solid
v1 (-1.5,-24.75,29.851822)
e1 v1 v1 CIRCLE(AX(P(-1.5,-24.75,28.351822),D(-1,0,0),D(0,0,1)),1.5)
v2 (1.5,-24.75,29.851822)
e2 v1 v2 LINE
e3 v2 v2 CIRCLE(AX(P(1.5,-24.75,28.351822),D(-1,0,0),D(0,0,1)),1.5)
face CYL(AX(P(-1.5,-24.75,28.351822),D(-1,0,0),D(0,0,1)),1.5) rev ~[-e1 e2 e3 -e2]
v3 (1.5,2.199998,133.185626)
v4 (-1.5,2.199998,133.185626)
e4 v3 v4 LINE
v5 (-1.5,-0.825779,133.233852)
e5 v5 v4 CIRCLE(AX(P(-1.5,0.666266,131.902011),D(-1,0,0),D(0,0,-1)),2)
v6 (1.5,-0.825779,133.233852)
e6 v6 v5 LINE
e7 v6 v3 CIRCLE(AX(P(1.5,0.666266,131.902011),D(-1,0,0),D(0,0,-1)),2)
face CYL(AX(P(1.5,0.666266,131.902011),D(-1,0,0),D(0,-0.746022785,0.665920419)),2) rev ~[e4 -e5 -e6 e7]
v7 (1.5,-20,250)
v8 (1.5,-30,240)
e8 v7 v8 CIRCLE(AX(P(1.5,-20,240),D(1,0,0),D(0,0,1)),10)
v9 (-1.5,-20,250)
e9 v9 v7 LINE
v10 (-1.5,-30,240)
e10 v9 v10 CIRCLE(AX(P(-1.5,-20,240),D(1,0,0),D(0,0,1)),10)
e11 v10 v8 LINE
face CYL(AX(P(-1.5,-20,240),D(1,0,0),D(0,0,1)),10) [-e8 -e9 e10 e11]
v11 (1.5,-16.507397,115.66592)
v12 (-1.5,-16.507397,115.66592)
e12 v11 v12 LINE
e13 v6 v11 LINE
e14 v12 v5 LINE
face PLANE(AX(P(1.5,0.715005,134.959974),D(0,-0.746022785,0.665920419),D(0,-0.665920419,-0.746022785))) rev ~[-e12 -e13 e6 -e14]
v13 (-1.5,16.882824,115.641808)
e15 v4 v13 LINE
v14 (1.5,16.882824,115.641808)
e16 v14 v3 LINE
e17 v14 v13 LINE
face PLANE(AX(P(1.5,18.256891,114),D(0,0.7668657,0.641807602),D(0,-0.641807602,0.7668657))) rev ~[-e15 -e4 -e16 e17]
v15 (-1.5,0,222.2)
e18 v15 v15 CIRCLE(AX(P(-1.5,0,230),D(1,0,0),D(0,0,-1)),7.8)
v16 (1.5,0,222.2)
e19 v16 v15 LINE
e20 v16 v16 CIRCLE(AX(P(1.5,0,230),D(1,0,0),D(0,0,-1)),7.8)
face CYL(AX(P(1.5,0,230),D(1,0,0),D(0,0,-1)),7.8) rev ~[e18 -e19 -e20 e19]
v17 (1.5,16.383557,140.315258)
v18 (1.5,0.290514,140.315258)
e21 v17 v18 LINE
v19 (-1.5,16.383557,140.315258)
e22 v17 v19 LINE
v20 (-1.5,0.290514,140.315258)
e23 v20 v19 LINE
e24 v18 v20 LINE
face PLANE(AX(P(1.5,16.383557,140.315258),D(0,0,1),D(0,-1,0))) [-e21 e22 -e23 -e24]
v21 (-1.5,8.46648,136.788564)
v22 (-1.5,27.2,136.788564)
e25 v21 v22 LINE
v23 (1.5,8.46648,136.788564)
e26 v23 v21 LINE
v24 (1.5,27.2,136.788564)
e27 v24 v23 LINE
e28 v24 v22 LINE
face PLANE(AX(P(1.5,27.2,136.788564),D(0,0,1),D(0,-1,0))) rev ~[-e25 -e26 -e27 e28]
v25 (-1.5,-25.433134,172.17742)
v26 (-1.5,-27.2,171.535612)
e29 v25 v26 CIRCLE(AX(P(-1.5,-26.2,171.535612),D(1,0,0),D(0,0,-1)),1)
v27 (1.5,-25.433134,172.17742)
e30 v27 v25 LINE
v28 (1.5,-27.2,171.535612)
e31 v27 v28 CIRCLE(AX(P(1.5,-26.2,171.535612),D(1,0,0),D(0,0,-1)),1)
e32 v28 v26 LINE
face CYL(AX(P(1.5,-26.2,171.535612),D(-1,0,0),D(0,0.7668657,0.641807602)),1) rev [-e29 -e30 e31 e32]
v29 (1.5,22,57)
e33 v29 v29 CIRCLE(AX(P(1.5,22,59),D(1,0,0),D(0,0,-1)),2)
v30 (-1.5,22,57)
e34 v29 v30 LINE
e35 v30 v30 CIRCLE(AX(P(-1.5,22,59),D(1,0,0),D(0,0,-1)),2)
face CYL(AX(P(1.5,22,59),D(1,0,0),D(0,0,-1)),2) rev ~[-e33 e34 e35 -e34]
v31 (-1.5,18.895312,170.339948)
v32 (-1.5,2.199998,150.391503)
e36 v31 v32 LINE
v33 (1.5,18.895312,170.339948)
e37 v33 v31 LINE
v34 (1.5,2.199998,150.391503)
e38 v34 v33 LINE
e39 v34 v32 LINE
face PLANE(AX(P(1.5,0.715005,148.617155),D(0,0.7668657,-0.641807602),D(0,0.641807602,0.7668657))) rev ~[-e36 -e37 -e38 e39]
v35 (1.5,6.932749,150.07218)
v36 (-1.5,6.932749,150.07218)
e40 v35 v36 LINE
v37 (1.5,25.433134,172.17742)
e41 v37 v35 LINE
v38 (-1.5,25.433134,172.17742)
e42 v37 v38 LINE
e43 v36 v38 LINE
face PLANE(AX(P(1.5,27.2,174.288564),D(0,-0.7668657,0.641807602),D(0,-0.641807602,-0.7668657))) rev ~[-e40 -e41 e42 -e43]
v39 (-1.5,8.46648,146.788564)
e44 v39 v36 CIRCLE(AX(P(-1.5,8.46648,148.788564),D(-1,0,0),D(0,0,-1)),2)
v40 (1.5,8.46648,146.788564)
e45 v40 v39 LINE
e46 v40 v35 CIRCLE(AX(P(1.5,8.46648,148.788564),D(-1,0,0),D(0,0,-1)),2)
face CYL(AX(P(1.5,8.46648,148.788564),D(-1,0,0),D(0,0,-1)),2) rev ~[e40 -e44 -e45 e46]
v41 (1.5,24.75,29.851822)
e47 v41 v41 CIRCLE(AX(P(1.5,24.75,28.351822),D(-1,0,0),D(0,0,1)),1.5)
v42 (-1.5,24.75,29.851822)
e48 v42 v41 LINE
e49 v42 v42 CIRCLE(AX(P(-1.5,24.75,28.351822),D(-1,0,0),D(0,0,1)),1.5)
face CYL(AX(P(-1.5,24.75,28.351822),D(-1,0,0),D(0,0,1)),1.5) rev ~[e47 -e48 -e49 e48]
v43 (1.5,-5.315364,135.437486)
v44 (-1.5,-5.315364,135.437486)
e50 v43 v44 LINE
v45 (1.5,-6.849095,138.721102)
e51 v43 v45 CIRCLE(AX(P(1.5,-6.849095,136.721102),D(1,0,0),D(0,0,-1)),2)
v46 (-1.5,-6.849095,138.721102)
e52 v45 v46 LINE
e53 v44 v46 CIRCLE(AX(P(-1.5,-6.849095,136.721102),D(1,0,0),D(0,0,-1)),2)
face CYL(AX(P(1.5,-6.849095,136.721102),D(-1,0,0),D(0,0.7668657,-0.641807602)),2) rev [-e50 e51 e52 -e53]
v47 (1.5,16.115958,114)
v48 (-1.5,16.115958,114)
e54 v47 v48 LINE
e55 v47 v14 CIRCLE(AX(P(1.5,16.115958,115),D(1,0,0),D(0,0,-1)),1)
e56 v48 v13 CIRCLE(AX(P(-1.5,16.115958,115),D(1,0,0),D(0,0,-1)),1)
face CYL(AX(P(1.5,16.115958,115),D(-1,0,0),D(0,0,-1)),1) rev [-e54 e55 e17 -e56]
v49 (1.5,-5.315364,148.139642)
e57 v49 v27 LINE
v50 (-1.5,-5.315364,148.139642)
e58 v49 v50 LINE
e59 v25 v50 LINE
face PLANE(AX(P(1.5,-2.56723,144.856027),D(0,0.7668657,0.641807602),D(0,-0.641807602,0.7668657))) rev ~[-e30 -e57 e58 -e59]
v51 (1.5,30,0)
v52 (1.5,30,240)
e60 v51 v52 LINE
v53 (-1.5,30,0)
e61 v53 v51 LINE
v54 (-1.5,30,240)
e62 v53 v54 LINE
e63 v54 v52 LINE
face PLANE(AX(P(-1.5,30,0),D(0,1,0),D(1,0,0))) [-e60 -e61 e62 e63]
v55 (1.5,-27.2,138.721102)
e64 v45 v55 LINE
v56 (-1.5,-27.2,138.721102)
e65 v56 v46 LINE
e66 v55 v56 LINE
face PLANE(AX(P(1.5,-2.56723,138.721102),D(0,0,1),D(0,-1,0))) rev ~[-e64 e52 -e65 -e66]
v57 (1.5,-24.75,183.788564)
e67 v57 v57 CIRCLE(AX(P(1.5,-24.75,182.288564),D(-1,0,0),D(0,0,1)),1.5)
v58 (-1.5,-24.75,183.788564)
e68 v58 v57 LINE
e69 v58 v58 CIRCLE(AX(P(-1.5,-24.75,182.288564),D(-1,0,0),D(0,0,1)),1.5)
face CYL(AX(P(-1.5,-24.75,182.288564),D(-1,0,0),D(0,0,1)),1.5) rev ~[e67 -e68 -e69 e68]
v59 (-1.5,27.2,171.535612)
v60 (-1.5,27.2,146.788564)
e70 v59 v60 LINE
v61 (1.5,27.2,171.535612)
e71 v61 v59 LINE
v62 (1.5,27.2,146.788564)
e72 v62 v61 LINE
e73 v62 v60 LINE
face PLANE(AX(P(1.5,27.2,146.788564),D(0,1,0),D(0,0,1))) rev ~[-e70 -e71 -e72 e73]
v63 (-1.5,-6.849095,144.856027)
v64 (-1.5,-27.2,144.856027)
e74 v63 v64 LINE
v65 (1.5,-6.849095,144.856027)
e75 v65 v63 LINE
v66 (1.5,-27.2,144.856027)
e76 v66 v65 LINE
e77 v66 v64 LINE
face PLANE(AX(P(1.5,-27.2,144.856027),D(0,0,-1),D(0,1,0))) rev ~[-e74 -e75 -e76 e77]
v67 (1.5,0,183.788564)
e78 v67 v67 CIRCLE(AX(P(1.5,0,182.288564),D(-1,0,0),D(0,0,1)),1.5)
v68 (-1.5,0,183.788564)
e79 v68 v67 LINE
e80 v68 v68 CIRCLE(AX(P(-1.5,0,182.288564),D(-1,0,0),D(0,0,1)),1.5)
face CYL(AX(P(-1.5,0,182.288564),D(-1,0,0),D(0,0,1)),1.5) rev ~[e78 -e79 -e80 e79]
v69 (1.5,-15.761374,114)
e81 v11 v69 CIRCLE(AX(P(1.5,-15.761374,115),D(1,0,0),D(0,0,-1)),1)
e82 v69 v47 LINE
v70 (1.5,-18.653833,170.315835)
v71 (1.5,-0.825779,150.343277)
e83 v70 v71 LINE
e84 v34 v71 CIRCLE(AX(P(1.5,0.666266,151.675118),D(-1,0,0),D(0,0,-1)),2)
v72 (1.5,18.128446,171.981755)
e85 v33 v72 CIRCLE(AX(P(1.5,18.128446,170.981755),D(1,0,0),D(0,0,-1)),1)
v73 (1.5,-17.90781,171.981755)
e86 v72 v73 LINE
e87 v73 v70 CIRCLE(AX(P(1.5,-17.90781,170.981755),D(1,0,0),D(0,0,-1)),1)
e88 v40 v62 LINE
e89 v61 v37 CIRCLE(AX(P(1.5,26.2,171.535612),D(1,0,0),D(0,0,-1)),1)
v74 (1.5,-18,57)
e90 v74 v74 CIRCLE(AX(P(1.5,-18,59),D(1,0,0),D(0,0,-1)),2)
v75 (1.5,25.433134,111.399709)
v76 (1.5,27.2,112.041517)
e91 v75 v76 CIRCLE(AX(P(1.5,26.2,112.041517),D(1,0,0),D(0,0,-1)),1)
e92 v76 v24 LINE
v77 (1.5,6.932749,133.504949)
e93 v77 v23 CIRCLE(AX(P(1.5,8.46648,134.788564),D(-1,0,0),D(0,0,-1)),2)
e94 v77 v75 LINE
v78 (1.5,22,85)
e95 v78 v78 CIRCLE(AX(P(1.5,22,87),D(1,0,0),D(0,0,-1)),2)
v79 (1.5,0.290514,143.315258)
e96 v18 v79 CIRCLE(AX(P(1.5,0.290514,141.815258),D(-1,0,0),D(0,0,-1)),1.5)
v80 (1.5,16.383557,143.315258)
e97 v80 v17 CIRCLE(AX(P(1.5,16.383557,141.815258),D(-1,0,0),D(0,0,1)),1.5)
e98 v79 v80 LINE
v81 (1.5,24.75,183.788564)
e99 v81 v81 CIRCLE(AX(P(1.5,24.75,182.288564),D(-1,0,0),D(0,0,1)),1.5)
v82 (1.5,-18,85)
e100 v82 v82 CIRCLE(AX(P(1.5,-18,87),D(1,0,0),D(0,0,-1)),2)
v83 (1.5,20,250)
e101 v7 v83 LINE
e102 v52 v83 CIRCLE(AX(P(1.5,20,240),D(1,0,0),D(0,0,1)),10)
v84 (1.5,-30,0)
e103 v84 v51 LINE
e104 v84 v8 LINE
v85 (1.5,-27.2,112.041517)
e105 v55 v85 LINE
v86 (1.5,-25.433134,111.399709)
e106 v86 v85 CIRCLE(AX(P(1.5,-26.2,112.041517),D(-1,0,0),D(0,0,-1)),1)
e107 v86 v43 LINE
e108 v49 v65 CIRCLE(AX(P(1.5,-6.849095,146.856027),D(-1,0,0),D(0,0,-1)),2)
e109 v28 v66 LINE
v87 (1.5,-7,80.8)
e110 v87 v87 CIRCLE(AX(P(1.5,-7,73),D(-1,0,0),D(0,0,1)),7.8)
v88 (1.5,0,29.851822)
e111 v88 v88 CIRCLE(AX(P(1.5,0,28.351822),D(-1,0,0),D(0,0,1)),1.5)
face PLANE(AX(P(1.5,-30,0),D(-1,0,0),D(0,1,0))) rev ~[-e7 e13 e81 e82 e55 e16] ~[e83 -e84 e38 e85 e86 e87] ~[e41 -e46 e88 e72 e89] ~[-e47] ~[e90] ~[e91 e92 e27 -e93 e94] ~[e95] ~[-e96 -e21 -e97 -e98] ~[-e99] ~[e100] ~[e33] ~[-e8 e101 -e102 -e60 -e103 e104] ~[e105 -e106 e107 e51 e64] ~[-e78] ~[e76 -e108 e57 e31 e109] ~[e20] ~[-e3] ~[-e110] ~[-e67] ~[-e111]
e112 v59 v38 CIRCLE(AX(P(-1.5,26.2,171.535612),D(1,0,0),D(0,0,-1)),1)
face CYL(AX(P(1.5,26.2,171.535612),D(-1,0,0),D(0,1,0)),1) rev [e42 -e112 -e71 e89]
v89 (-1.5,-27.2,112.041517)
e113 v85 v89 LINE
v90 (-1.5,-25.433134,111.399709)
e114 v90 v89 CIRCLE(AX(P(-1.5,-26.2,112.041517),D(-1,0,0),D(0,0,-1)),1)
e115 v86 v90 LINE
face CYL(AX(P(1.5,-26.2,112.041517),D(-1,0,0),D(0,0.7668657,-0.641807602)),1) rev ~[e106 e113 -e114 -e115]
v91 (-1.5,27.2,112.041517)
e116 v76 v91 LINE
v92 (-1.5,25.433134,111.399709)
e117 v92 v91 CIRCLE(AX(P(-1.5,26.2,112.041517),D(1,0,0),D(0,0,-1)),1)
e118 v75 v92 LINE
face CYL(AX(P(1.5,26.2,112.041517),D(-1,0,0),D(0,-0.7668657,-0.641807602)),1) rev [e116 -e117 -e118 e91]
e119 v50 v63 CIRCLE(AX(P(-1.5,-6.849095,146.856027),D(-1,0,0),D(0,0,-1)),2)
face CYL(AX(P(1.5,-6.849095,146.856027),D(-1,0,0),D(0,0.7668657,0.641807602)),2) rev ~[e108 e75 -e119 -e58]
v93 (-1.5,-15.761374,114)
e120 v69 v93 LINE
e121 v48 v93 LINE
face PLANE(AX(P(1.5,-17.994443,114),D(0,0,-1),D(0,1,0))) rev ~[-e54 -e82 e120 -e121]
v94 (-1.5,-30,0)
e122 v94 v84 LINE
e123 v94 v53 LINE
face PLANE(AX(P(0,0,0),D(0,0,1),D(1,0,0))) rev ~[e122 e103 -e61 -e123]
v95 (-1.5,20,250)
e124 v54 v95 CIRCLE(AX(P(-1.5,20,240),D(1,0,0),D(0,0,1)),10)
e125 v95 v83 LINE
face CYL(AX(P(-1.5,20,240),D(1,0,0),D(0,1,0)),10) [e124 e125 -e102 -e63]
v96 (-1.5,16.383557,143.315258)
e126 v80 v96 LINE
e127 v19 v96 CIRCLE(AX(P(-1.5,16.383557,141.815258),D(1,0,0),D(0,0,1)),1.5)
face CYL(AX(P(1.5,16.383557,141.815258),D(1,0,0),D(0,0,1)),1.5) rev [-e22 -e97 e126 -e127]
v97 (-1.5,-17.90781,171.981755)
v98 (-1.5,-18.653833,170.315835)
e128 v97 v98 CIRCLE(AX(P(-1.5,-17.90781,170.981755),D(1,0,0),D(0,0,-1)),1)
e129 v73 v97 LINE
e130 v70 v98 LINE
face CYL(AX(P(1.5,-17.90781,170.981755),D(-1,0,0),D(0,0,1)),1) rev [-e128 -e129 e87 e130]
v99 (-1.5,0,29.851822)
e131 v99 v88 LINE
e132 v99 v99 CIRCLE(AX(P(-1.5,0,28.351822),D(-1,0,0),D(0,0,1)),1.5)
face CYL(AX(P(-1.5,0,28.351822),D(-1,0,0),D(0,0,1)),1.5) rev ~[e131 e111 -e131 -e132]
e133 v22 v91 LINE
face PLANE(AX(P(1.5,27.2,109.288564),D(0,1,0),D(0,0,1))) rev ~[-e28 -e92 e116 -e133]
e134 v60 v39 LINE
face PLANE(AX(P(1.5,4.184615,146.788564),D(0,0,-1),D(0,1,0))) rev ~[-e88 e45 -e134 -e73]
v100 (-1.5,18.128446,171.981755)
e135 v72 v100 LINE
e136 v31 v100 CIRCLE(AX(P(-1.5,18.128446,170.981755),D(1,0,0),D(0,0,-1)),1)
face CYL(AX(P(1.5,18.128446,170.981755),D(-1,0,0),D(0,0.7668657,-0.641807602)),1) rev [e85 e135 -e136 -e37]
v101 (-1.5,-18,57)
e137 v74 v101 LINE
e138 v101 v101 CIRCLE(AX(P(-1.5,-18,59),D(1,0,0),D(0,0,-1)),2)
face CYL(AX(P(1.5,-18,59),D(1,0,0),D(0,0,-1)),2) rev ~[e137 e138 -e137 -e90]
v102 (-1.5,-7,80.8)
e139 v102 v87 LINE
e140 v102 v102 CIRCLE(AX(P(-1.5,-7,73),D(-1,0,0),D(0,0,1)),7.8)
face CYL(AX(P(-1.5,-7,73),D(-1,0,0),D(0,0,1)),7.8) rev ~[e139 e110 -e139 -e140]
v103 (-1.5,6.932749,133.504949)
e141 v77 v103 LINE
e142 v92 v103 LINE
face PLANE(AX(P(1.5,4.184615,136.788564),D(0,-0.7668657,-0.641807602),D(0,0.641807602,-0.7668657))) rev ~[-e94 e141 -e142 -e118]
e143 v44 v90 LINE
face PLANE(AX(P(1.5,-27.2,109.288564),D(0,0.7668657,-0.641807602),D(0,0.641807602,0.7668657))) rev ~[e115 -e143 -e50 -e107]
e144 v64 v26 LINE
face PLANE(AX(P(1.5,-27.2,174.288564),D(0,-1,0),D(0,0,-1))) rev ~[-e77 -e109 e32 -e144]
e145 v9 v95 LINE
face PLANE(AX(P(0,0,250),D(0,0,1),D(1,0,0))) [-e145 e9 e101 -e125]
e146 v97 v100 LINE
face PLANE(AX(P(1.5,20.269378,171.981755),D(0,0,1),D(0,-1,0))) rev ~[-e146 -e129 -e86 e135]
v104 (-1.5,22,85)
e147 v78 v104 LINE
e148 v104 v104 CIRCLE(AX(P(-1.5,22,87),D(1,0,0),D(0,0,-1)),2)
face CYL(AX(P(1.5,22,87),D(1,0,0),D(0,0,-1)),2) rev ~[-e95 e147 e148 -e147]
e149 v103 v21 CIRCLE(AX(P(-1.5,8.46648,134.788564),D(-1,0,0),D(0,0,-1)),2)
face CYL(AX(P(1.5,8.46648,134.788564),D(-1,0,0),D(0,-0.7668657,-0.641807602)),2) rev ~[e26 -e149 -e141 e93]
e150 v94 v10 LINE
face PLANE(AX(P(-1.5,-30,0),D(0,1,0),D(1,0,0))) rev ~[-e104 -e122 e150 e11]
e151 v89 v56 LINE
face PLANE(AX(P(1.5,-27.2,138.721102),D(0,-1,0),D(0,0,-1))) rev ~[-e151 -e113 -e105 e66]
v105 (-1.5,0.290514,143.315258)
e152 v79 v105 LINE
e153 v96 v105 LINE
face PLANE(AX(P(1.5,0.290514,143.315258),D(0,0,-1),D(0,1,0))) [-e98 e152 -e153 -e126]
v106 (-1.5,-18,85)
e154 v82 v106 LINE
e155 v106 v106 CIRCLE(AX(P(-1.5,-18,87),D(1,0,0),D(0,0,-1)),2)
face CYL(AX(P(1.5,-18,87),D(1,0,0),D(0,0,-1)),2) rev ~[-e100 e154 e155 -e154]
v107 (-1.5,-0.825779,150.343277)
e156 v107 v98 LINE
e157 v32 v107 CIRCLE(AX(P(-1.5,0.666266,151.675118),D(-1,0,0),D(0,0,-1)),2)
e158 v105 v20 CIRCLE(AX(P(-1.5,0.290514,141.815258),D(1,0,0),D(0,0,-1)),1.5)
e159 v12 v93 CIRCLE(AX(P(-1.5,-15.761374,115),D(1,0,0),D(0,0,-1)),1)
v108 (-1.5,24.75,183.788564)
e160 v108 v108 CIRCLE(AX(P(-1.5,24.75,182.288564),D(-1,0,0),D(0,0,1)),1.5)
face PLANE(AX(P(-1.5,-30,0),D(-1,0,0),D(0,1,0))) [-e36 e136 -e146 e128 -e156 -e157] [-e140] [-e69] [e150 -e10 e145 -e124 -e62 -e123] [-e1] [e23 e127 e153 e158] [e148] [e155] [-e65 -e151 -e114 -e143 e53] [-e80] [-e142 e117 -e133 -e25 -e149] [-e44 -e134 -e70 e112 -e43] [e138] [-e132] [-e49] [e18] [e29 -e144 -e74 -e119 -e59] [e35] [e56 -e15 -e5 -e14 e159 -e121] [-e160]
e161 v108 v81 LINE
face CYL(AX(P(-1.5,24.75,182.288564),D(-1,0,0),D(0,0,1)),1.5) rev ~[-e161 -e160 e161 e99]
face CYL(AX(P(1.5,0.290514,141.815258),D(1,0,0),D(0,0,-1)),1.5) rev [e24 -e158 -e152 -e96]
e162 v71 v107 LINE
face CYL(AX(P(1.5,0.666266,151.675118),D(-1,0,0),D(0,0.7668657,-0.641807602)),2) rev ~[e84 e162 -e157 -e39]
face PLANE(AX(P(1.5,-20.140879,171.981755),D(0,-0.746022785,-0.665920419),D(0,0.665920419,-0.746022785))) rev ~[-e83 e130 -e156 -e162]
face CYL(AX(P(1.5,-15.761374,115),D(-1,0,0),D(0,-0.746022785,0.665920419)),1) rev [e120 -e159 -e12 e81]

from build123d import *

# Parameters (mm, degrees)
SKETCH1_W           = 3
SKETCH1_H           = 60
BOSS_EXTRUDE1_DEPTH = 250
FILLET1_R           = 10
FILLET2_R           = 10
SKETCH2_R           = 4.25
CUT_EXTRUDE1_DEPTH  = 4
SKETCH9_R           = 7.8
CUT_EXTRUDE7_DEPTH  = 4
SKETCH11_R          = 7.8
CUT_EXTRUDE8_DEPTH  = 4
SKETCH13_R          = 2
CUT_EXTRUDE9_DEPTH  = 4
CUT_EXTRUDE13_DEPTH = 10
FILLET3_R           = 2
FILLET4_R           = 1
SKETCH18_R          = 1.5
SKETCH18_R_2        = 1.499999992
CUT_EXTRUDE15_DEPTH = 4
CUT_EXTRUDE16_DEPTH = 4


with BuildPart() as part:
    # Sketch1 → Boss-Extrude1 (new body)
    with BuildSketch(Plane.XY):
        Rectangle(SKETCH1_W, SKETCH1_H)
    extrude(amount=BOSS_EXTRUDE1_DEPTH)

    # Fillet1
    fillet1_edges = [part.edges().sort_by_distance(p)[0] for p in [
        (0, 30, 250),
    ]]
    fillet(fillet1_edges, radius=FILLET1_R)

    # Fillet2
    fillet2_edges = [part.edges().sort_by_distance(p)[0] for p in [
        (0, -30, 250),
    ]]
    fillet(fillet2_edges, radius=FILLET2_R)

    # Sketch2 → Cut-Extrude1 (cut, through all)
    with BuildSketch(Plane.ZY.offset(1.5)):
        with Locations((230, 0)):
            Circle(SKETCH2_R)
    extrude(amount=-CUT_EXTRUDE1_DEPTH, mode=Mode.SUBTRACT)

    # Sketch9 → Cut-Extrude7 (cut, through all)
    with BuildSketch(Plane(origin=(1.5, 0, 0), x_dir=(0, 0, -1), z_dir=(1, 0, 0))):
        with Locations((-230, 0)):
            Circle(SKETCH9_R)
    extrude(amount=-CUT_EXTRUDE7_DEPTH, mode=Mode.SUBTRACT)

    # Sketch11 → Cut-Extrude8 (cut, through all)
    with BuildSketch(Plane.ZY.offset(1.5)):
        with Locations((73, -7)):
            Circle(SKETCH11_R)
    extrude(amount=-CUT_EXTRUDE8_DEPTH, mode=Mode.SUBTRACT)

    # Sketch13 → Cut-Extrude9 (cut, through all)
    with BuildSketch(Plane(origin=(1.5, 0, 0), x_dir=(0, 0, -1), z_dir=(1, 0, 0))):
        with Locations((-87, 22)):
            Circle(SKETCH13_R)
        with Locations((-59, 22)):
            Circle(SKETCH13_R)
        with Locations((-59, -18)):
            Circle(SKETCH13_R)
        with Locations((-87, -18)):
            Circle(SKETCH13_R)
    extrude(amount=-CUT_EXTRUDE9_DEPTH, mode=Mode.SUBTRACT)

    # Sketch16 → Cut-Extrude13 (cut)
    with BuildSketch(Plane(origin=(1.5, 0, 0), x_dir=(0, 0, -1), z_dir=(1, 0, 0))):
        Polygon((-146.788564399, 27.2), (-174.288564399, 27.2), (-146.788564399, 4.184615385), align=None)
        Polygon((-109.288564399, 27.2), (-136.788564399, 27.2), (-136.788564399, 4.184615385), align=None)
        Polygon((-114, -17.994443239), (-114, 18.25689082), (-134.959973954, 0.715004926), align=None)
        Polygon((-148.617154843, 0.715004926), (-171.981755255, 20.269378193), (-171.981755255, -20.140878829), align=None)
        Polygon((-109.288564399, -27.2), (-138.721101597, -2.567230406), (-138.721101597, -27.2), align=None)
        Polygon((-144.856027201, -2.567230406), (-174.288564399, -27.2), (-144.856027201, -27.2), align=None)
    extrude(amount=-CUT_EXTRUDE13_DEPTH, mode=Mode.SUBTRACT)

    # Fillet3
    fillet3_edges = [part.edges().sort_by_distance(p)[0] for p in [
        (0, 0.715004926, 134.959973954),
        (0, -2.567230406, 144.856027201),
        (0, 4.184615385, 146.788564399),
        (0, -2.567230406, 138.721101597),
        (0, 0.715004926, 148.617154843),
        (0, 4.184615385, 136.788564399),
    ]]
    fillet(fillet3_edges, radius=FILLET3_R)

    # Fillet4
    fillet4_edges = [part.edges().sort_by_distance(p)[0] for p in [
        (0, 18.25689082, 114),
        (0, -17.994443239, 114),
        (0, -27.2, 174.288564399),
        (0, 27.2, 174.288564399),
        (0, -27.2, 109.288564399),
        (0, 20.269378193, 171.981755255),
        (0, -20.140878829, 171.981755255),
        (0, 27.2, 109.288564399),
    ]]
    fillet(fillet4_edges, radius=FILLET4_R)

    # Sketch18 → Cut-Extrude15 (cut, through all)
    with BuildSketch(Plane.ZY.offset(1.5)):
        with Locations((182.288564399, 24.750000007)):
            Circle(SKETCH18_R)
        with Locations((182.288564399, 7e-09)):
            Circle(SKETCH18_R)
        with Locations((182.288564399, -24.749999993)):
            Circle(SKETCH18_R)
        with Locations((28.351822221, 24.750000005)):
            Circle(SKETCH18_R_2)
        with Locations((28.351822214, 0)):
            Circle(SKETCH18_R)
        with Locations((28.351822221, -24.749999995)):
            Circle(SKETCH18_R_2)
    extrude(amount=-CUT_EXTRUDE15_DEPTH, mode=Mode.SUBTRACT)

    # Sketch22 → Cut-Extrude16 (cut, through all)
    with BuildSketch(Plane(origin=(1.5, 0, 0), x_dir=(0, 0, -1), z_dir=(1, 0, 0))):
        with BuildLine():
            Line((-140.3152575, 16.383557477), (-140.3152575, 0.290513908))
            ThreePointArc((-140.3152575, 0.290513908), (-141.8152575, -1.209486092), (-143.3152575, 0.290513908))
            Line((-143.3152575, 0.290513908), (-143.3152575, 16.383557477))
            ThreePointArc((-143.3152575, 16.383557477), (-141.8152575, 17.883557477), (-140.3152575, 16.383557477))
        make_face()
    extrude(amount=-CUT_EXTRUDE16_DEPTH, mode=Mode.SUBTRACT)


solid = part.part
